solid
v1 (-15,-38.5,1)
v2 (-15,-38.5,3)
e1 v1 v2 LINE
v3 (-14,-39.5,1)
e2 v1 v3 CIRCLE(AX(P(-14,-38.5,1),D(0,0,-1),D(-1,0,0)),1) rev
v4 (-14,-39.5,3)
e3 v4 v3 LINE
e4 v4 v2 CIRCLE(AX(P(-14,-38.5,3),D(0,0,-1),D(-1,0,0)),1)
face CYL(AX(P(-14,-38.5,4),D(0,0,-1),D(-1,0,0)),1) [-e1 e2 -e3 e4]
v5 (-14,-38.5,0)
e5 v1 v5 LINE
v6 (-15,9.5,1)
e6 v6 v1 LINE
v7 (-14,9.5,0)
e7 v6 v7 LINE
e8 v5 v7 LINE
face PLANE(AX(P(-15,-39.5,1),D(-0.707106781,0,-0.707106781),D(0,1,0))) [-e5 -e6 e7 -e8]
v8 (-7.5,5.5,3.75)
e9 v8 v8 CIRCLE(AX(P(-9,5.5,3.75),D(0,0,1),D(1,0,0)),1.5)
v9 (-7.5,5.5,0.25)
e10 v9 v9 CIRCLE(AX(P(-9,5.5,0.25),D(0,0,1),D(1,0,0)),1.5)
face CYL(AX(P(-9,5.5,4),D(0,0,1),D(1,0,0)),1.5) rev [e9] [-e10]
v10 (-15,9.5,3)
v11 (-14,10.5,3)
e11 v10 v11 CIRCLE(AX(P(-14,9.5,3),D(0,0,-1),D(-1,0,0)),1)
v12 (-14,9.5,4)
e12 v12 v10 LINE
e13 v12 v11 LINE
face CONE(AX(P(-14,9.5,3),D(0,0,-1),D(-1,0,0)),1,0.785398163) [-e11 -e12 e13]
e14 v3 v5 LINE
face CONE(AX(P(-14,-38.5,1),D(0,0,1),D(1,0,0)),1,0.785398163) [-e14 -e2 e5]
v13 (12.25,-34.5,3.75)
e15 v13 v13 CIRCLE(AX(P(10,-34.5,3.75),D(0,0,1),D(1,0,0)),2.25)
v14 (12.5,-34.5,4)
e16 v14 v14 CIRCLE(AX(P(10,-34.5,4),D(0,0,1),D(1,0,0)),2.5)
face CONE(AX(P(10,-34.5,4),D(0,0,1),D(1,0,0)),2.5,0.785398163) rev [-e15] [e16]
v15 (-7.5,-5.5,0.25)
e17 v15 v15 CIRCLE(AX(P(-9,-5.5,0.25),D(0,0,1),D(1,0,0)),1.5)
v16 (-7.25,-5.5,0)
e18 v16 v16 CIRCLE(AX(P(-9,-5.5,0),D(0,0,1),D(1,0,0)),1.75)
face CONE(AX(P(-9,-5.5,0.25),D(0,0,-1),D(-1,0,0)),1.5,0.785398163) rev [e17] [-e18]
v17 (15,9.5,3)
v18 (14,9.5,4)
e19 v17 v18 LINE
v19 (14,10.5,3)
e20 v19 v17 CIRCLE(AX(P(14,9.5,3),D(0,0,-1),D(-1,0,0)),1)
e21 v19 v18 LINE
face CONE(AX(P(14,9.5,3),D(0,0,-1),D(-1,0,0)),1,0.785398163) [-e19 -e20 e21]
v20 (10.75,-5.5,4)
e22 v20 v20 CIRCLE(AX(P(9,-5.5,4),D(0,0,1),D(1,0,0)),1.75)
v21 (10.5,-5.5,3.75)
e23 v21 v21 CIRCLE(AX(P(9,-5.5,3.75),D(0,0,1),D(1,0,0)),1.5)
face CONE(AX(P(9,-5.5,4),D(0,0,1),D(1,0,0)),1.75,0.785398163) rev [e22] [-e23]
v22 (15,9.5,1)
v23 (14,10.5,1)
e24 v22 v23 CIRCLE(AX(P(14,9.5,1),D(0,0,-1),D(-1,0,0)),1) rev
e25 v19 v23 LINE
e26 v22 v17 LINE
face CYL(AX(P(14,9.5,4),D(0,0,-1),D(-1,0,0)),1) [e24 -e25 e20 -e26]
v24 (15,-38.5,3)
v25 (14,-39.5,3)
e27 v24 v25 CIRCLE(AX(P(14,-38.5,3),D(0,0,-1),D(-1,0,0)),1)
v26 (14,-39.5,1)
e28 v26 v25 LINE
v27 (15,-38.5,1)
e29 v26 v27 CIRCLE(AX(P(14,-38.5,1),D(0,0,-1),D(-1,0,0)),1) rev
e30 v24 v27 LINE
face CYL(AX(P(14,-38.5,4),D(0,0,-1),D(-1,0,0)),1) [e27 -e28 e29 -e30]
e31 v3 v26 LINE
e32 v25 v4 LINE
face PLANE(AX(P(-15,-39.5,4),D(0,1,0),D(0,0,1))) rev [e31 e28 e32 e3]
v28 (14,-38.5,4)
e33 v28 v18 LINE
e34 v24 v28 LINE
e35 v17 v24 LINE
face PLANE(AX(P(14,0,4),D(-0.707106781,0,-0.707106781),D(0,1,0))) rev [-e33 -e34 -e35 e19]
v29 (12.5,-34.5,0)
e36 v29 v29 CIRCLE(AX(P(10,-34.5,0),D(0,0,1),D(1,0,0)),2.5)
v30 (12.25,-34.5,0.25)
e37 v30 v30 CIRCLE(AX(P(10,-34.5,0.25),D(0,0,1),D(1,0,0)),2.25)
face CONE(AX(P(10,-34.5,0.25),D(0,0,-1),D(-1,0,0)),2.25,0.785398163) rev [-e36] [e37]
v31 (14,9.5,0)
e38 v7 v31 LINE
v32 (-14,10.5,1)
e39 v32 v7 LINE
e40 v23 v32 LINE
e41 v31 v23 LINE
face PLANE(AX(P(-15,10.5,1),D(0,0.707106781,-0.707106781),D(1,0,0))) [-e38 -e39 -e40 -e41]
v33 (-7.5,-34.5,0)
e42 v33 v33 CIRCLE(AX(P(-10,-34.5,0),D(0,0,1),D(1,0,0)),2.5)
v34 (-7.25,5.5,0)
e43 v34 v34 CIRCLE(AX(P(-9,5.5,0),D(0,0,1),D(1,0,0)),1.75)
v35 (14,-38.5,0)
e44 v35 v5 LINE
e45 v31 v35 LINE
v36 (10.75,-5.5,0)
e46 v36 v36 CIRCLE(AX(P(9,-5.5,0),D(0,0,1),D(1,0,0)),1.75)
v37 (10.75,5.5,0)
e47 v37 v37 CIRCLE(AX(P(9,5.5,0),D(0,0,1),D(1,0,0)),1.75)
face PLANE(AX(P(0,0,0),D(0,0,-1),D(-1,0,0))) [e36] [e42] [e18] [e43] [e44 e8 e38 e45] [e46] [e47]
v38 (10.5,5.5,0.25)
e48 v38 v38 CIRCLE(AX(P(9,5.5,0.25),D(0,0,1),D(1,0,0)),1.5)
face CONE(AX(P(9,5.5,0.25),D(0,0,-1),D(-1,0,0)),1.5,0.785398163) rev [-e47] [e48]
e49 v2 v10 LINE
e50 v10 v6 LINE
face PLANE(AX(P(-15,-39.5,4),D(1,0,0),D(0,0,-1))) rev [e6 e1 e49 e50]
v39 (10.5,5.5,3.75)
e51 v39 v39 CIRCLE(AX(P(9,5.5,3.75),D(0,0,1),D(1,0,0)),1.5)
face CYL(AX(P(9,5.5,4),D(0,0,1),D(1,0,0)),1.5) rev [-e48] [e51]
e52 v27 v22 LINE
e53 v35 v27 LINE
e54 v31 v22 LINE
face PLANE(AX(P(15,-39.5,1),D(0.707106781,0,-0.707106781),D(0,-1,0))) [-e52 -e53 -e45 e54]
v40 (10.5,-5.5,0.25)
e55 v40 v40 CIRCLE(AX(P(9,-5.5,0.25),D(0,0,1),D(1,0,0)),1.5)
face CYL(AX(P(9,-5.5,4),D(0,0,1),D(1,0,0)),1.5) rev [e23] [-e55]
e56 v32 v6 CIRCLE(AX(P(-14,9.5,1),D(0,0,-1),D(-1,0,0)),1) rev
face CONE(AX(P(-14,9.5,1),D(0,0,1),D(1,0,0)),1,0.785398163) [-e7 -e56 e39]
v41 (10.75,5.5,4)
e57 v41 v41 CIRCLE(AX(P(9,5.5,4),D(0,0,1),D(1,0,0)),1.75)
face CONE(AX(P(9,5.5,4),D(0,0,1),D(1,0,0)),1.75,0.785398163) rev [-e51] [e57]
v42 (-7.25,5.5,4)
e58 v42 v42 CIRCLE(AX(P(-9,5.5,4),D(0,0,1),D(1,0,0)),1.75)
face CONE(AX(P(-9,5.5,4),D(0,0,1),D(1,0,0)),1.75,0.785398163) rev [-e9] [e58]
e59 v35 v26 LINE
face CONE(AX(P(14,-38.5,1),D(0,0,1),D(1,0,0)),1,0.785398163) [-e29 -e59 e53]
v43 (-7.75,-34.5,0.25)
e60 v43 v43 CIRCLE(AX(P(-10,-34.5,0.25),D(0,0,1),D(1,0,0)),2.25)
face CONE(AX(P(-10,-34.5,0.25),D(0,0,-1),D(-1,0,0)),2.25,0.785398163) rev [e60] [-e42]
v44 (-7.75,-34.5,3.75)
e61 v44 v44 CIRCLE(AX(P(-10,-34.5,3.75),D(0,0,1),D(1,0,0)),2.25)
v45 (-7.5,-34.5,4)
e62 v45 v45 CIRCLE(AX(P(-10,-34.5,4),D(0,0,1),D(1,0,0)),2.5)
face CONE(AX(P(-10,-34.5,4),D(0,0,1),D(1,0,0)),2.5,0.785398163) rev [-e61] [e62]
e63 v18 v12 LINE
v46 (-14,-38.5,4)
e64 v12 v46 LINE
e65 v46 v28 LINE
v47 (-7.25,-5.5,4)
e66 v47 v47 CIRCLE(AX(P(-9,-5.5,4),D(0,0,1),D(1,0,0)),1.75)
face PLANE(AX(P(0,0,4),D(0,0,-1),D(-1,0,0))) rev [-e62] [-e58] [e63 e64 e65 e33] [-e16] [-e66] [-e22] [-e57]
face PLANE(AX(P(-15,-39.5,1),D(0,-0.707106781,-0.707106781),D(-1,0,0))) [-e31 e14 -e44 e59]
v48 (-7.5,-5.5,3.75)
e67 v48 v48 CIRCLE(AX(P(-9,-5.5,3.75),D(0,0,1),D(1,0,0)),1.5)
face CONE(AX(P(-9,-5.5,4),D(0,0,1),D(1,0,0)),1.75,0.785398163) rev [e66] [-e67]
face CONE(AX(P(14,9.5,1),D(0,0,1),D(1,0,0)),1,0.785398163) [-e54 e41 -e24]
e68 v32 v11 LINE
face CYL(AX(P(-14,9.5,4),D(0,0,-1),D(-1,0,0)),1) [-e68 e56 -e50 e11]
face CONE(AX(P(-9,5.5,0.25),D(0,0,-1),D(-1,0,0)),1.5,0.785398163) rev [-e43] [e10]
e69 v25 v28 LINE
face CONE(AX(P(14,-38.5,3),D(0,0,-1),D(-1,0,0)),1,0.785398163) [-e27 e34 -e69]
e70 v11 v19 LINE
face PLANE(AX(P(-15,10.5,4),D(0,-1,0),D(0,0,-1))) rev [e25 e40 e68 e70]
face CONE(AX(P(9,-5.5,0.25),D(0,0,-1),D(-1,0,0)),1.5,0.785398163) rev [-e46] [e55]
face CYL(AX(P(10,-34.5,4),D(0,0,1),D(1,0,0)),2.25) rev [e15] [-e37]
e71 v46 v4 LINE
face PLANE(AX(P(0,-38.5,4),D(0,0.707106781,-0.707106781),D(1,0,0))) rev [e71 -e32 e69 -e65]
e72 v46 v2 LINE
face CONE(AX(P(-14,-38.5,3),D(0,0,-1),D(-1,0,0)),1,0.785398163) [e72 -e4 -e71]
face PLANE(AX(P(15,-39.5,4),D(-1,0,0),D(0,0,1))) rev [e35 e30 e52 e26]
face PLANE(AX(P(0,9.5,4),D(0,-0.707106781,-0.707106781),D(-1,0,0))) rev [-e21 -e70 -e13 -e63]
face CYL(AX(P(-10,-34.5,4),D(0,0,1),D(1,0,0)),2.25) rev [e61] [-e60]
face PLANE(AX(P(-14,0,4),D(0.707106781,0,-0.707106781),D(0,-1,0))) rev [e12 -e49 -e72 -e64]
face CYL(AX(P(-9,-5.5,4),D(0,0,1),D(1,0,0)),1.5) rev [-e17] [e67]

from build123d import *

# Parameters (mm, degrees)
SKETCH1_W                      = 30
SKETCH1_H                      = 50
BOSS_EXTRUDE1_DEPTH            = 4
F_3_0MM_DOWEL_HOLE1_AT_2_COUNT = 2
F_3_0MM_DOWEL_HOLE1_AT_2_PITCH = 11
F_3_0MM_DOWEL_HOLE1_AT_3_COUNT = 2
F_3_0MM_DOWEL_HOLE1_AT_3_PITCH = 21.09502311
F_3_0MM_DOWEL_HOLE1_AT_4_COUNT = 2
F_3_0MM_DOWEL_HOLE1_AT_4_PITCH = 18
M4_CLEARANCE_HOLE1_AT_2_COUNT  = 2
M4_CLEARANCE_HOLE1_AT_2_PITCH  = 20
FILLET1_R                      = 1
CHAMFER1_SIZE                  = 1


with BuildPart() as part:
    # Sketch1 → Boss-Extrude1 (new body)
    with BuildSketch(Plane.XY):
        with Locations((0, -14.5)):
            Rectangle(SKETCH1_W, SKETCH1_H)
    extrude(amount=BOSS_EXTRUDE1_DEPTH)

    # Sketch5 → Ø3.0mm Dowel Hole1 (revolve, cut)
    with BuildSketch(Plane(origin=(-9, 5.5, 4), x_dir=(0, -1, 0), z_dir=(1, 0, 0))):
        Polygon((0, 0), (0, 4), (1.75, 4), (1.5, 3.75), (1.5, 0.25), (1.75, 0), align=None)
    f_3_0mm_dowel_hole1 = revolve(axis=Axis((-9, 5.5, 10.35), (0, 0, -1)), mode=Mode.SUBTRACT)

    # Ø3.0mm Dowel Hole1 at 2: Ø3.0mm Dowel Hole1 ×2
    with Locations(*[(0, -i * F_3_0MM_DOWEL_HOLE1_AT_2_PITCH, 0) for i in range(1, F_3_0MM_DOWEL_HOLE1_AT_2_COUNT)]):
        add(f_3_0mm_dowel_hole1, mode=Mode.SUBTRACT)

    # Ø3.0mm Dowel Hole1 at 3: Ø3.0mm Dowel Hole1 ×2
    with Locations(*[Vector(0.8532818336519591, -0.521450009453975, 0) * (i * F_3_0MM_DOWEL_HOLE1_AT_3_PITCH) for i in range(1, F_3_0MM_DOWEL_HOLE1_AT_3_COUNT)]):
        add(f_3_0mm_dowel_hole1, mode=Mode.SUBTRACT)

    # Ø3.0mm Dowel Hole1 at 4: Ø3.0mm Dowel Hole1 ×2
    with Locations(*[(i * F_3_0MM_DOWEL_HOLE1_AT_4_PITCH, 0, 0) for i in range(1, F_3_0MM_DOWEL_HOLE1_AT_4_COUNT)]):
        add(f_3_0mm_dowel_hole1, mode=Mode.SUBTRACT)

    # Sketch8 → M4 Clearance Hole1 (revolve, cut)
    with BuildSketch(Plane(origin=(-10, -34.5, 4), x_dir=(0, -1, 0), z_dir=(1, 0, 0))):
        Polygon((0, 0), (0, 4), (2.5, 4), (2.25, 3.75), (2.25, 0.25), (2.5, 0), align=None)
    m4_clearance_hole1 = revolve(axis=Axis((-10, -34.5, 10.35), (0, 0, -1)), mode=Mode.SUBTRACT)

    # M4 Clearance Hole1 at 2: M4 Clearance Hole1 ×2
    with Locations(*[(i * M4_CLEARANCE_HOLE1_AT_2_PITCH, 0, 0) for i in range(1, M4_CLEARANCE_HOLE1_AT_2_COUNT)]):
        add(m4_clearance_hole1, mode=Mode.SUBTRACT)

    # Fillet1
    fillet1_edges = [part.edges().sort_by_distance(p)[0] for p in [
        (15, 10.5, 2),
        (15, -39.5, 2),
        (-15, -39.5, 2),
        (-15, 10.5, 2),
    ]]
    fillet(fillet1_edges, radius=FILLET1_R)

    # Chamfer1
    chamfer1_edges = [part.edges().sort_by_distance(p)[0] for p in [
        (0, -39.5, 0),
        (14.707106781, -39.207106781, 0),
        (-14.707106781, -39.207106781, 0),
        (15, -14.5, 0),
        (-15, -14.5, 0),
        (14.707106781, 10.207106781, 0),
        (-14.707106781, 10.207106781, 0),
        (0, 10.5, 0),
        (0, -39.5, 4),
        (14.707106781, -39.207106781, 4),
        (-14.707106781, -39.207106781, 4),
        (15, -14.5, 4),
        (-15, -14.5, 4),
        (14.707106781, 10.207106781, 4),
        (-14.707106781, 10.207106781, 4),
        (0, 10.5, 4),
    ]]
    chamfer(chamfer1_edges, length=CHAMFER1_SIZE)


solid = part.part
